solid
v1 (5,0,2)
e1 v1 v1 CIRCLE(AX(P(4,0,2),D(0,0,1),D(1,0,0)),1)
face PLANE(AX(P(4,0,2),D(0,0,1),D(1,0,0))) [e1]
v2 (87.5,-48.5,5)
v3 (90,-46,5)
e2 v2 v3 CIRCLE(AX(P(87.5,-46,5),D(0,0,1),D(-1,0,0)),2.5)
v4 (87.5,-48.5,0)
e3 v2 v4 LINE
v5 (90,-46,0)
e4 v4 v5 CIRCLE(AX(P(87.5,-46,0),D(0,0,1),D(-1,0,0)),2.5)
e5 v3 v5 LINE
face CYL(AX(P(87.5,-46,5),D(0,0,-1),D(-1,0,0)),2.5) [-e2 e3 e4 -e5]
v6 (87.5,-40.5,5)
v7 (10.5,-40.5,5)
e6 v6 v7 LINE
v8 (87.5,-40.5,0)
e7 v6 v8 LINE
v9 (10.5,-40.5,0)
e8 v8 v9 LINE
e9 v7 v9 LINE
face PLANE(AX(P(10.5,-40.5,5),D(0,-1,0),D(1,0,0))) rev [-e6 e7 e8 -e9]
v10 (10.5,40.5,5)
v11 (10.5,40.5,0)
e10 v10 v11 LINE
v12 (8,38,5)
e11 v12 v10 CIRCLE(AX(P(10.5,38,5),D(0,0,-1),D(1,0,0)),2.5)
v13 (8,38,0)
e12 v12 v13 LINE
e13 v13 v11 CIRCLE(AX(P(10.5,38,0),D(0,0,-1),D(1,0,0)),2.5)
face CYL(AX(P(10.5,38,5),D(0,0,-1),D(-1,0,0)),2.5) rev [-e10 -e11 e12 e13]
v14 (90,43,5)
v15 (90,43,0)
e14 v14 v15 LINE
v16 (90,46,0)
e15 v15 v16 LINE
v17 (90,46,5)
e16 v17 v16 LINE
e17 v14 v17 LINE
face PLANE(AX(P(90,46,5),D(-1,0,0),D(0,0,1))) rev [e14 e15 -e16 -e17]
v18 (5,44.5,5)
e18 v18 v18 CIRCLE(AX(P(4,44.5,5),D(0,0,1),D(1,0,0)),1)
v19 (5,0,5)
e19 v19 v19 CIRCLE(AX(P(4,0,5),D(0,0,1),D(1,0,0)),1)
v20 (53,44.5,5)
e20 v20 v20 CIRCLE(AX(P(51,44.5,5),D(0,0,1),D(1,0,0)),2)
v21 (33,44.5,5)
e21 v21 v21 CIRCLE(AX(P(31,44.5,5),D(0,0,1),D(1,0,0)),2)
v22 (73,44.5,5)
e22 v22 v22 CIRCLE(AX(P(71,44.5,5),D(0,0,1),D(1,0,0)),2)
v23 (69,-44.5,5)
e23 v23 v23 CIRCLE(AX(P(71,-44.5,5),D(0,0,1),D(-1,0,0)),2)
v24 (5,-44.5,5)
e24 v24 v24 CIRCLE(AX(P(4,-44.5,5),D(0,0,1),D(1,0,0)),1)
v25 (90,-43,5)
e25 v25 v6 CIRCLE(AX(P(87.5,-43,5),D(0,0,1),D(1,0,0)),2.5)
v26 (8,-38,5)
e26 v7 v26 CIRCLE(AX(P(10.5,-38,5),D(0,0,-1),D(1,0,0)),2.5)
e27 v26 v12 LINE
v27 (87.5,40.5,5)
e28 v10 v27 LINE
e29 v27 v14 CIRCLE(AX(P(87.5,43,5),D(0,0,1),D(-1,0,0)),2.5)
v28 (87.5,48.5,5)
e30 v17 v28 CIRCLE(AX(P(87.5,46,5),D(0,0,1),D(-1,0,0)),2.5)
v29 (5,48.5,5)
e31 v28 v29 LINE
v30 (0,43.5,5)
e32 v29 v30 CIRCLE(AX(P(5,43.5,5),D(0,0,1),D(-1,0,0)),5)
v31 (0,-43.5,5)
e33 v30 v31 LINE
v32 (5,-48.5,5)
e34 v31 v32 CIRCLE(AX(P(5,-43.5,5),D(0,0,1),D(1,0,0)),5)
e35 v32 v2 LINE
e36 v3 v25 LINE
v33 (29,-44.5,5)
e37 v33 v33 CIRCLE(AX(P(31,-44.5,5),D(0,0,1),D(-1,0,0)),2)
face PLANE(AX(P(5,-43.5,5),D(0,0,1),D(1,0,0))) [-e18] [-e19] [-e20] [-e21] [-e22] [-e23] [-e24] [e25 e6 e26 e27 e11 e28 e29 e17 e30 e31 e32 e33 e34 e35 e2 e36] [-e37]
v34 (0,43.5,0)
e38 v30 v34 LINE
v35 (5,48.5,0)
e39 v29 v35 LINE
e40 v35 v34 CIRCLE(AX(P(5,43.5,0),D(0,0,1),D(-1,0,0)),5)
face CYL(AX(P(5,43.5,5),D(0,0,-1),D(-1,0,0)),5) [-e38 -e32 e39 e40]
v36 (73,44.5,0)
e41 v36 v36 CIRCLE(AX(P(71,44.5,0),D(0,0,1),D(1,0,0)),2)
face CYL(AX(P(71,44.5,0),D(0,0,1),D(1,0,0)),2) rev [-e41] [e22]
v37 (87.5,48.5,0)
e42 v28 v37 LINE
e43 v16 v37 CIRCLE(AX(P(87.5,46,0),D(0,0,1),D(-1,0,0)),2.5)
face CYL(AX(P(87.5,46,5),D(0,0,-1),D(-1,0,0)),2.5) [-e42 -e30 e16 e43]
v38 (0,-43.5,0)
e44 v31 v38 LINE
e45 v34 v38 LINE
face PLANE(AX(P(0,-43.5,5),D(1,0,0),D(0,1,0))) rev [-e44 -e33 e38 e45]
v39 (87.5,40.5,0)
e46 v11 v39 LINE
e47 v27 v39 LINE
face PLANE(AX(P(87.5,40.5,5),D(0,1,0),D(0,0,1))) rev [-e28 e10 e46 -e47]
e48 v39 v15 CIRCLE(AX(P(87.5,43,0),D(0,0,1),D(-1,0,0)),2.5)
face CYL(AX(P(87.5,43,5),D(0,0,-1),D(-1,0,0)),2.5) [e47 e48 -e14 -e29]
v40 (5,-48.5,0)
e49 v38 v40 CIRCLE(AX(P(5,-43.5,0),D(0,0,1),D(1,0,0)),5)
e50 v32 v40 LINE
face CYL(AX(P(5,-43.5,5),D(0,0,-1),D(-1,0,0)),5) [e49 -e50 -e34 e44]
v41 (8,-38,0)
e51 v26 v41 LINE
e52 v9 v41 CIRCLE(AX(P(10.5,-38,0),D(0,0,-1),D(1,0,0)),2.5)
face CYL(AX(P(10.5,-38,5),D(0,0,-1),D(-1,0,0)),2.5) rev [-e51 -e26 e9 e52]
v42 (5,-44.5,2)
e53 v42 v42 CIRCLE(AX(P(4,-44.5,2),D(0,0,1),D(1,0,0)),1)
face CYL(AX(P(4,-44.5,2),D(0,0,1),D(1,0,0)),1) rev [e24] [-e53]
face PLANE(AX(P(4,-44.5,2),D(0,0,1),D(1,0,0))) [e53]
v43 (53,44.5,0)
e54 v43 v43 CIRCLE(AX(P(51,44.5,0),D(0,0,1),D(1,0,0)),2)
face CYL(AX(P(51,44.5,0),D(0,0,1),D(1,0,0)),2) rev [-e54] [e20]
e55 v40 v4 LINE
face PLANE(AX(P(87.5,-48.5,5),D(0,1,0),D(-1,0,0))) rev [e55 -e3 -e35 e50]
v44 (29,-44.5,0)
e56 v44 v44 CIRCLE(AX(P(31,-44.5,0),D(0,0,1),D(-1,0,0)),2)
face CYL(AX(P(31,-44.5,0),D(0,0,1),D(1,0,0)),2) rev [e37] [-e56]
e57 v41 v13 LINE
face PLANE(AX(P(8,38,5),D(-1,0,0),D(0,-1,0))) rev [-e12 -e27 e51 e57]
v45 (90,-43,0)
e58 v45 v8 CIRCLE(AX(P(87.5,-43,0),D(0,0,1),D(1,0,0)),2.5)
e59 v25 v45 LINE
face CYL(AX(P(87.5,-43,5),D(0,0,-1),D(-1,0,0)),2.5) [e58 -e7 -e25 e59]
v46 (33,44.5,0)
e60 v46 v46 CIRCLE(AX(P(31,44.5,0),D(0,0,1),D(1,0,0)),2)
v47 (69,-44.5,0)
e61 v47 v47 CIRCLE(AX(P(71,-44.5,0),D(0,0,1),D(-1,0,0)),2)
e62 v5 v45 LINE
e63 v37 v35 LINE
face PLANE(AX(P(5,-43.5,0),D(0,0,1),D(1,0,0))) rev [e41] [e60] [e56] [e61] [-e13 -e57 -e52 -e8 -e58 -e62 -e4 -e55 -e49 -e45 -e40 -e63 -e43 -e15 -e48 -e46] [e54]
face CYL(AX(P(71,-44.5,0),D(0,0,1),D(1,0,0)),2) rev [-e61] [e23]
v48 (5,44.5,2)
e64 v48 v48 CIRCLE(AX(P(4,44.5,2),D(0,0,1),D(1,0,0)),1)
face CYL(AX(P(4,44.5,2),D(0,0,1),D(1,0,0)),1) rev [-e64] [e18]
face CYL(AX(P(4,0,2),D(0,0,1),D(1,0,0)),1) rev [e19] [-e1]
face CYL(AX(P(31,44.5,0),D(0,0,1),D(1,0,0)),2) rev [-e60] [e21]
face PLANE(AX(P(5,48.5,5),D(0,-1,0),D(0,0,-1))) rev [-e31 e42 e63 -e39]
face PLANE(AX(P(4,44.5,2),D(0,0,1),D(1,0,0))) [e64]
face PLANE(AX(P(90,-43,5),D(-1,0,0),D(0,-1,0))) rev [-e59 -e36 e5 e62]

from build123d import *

# Parameters (mm, degrees)
BOSS_EXTRUDE1_DEPTH = 5
SKETCH4_R           = 2
CUT_EXTRUDE1_DEPTH  = 6
SKETCH5_R           = 1
CUT_EXTRUDE2_DEPTH  = 3


with BuildPart() as part:
    # Sketch1 → Boss-Extrude1 (new body)
    with BuildSketch(Plane.XY):
        with BuildLine():
            Line((0, -43.5), (0, 43.5))
            ThreePointArc((0, 43.5), (1.464466094, 47.035533906), (5, 48.5))
            Line((5, 48.5), (87.5, 48.5))
            ThreePointArc((87.5, 48.5), (89.267766953, 47.767766953), (90, 46))
            Line((90, 46), (90, 43))
            ThreePointArc((90, 43), (89.267766953, 41.232233047), (87.5, 40.5))
            Line((87.5, 40.5), (10.5, 40.5))
            ThreePointArc((10.5, 40.5), (8.732233047, 39.767766953), (8, 38))
            Line((8, 38), (8, -38))
            ThreePointArc((8, -38), (8.732233047, -39.767766953), (10.5, -40.5))
            Line((10.5, -40.5), (87.5, -40.5))
            ThreePointArc((87.5, -40.5), (89.267766953, -41.232233047), (90, -43))
            Line((90, -43), (90, -46))
            ThreePointArc((90, -46), (89.267766953, -47.767766953), (87.5, -48.5))
            Line((87.5, -48.5), (5, -48.5))
            ThreePointArc((5, -48.5), (1.464466094, -47.035533906), (0, -43.5))
        make_face()
    extrude(amount=BOSS_EXTRUDE1_DEPTH)

    # Sketch4 → Cut-Extrude1 (cut, through all)
    with BuildSketch(Plane.XY.offset(5)):
        with Locations((71, 44.5)):
            Circle(SKETCH4_R)
        with Locations((31, 44.5)):
            Circle(SKETCH4_R)
        with Locations((71, -44.5)):
            Circle(SKETCH4_R)
        with Locations((31, -44.5)):
            Circle(SKETCH4_R)
        with Locations((51, 44.5)):
            Circle(SKETCH4_R)
    extrude(amount=-CUT_EXTRUDE1_DEPTH, mode=Mode.SUBTRACT)

    # Sketch5 → Cut-Extrude2 (cut)
    with BuildSketch(Plane.XY.offset(5)):
        with Locations((4, 44.5)):
            Circle(SKETCH5_R)
        with Locations((4, 0)):
            Circle(SKETCH5_R)
        with Locations((4, -44.5)):
            Circle(SKETCH5_R)
    extrude(amount=-CUT_EXTRUDE2_DEPTH, mode=Mode.SUBTRACT)


solid = part.part
